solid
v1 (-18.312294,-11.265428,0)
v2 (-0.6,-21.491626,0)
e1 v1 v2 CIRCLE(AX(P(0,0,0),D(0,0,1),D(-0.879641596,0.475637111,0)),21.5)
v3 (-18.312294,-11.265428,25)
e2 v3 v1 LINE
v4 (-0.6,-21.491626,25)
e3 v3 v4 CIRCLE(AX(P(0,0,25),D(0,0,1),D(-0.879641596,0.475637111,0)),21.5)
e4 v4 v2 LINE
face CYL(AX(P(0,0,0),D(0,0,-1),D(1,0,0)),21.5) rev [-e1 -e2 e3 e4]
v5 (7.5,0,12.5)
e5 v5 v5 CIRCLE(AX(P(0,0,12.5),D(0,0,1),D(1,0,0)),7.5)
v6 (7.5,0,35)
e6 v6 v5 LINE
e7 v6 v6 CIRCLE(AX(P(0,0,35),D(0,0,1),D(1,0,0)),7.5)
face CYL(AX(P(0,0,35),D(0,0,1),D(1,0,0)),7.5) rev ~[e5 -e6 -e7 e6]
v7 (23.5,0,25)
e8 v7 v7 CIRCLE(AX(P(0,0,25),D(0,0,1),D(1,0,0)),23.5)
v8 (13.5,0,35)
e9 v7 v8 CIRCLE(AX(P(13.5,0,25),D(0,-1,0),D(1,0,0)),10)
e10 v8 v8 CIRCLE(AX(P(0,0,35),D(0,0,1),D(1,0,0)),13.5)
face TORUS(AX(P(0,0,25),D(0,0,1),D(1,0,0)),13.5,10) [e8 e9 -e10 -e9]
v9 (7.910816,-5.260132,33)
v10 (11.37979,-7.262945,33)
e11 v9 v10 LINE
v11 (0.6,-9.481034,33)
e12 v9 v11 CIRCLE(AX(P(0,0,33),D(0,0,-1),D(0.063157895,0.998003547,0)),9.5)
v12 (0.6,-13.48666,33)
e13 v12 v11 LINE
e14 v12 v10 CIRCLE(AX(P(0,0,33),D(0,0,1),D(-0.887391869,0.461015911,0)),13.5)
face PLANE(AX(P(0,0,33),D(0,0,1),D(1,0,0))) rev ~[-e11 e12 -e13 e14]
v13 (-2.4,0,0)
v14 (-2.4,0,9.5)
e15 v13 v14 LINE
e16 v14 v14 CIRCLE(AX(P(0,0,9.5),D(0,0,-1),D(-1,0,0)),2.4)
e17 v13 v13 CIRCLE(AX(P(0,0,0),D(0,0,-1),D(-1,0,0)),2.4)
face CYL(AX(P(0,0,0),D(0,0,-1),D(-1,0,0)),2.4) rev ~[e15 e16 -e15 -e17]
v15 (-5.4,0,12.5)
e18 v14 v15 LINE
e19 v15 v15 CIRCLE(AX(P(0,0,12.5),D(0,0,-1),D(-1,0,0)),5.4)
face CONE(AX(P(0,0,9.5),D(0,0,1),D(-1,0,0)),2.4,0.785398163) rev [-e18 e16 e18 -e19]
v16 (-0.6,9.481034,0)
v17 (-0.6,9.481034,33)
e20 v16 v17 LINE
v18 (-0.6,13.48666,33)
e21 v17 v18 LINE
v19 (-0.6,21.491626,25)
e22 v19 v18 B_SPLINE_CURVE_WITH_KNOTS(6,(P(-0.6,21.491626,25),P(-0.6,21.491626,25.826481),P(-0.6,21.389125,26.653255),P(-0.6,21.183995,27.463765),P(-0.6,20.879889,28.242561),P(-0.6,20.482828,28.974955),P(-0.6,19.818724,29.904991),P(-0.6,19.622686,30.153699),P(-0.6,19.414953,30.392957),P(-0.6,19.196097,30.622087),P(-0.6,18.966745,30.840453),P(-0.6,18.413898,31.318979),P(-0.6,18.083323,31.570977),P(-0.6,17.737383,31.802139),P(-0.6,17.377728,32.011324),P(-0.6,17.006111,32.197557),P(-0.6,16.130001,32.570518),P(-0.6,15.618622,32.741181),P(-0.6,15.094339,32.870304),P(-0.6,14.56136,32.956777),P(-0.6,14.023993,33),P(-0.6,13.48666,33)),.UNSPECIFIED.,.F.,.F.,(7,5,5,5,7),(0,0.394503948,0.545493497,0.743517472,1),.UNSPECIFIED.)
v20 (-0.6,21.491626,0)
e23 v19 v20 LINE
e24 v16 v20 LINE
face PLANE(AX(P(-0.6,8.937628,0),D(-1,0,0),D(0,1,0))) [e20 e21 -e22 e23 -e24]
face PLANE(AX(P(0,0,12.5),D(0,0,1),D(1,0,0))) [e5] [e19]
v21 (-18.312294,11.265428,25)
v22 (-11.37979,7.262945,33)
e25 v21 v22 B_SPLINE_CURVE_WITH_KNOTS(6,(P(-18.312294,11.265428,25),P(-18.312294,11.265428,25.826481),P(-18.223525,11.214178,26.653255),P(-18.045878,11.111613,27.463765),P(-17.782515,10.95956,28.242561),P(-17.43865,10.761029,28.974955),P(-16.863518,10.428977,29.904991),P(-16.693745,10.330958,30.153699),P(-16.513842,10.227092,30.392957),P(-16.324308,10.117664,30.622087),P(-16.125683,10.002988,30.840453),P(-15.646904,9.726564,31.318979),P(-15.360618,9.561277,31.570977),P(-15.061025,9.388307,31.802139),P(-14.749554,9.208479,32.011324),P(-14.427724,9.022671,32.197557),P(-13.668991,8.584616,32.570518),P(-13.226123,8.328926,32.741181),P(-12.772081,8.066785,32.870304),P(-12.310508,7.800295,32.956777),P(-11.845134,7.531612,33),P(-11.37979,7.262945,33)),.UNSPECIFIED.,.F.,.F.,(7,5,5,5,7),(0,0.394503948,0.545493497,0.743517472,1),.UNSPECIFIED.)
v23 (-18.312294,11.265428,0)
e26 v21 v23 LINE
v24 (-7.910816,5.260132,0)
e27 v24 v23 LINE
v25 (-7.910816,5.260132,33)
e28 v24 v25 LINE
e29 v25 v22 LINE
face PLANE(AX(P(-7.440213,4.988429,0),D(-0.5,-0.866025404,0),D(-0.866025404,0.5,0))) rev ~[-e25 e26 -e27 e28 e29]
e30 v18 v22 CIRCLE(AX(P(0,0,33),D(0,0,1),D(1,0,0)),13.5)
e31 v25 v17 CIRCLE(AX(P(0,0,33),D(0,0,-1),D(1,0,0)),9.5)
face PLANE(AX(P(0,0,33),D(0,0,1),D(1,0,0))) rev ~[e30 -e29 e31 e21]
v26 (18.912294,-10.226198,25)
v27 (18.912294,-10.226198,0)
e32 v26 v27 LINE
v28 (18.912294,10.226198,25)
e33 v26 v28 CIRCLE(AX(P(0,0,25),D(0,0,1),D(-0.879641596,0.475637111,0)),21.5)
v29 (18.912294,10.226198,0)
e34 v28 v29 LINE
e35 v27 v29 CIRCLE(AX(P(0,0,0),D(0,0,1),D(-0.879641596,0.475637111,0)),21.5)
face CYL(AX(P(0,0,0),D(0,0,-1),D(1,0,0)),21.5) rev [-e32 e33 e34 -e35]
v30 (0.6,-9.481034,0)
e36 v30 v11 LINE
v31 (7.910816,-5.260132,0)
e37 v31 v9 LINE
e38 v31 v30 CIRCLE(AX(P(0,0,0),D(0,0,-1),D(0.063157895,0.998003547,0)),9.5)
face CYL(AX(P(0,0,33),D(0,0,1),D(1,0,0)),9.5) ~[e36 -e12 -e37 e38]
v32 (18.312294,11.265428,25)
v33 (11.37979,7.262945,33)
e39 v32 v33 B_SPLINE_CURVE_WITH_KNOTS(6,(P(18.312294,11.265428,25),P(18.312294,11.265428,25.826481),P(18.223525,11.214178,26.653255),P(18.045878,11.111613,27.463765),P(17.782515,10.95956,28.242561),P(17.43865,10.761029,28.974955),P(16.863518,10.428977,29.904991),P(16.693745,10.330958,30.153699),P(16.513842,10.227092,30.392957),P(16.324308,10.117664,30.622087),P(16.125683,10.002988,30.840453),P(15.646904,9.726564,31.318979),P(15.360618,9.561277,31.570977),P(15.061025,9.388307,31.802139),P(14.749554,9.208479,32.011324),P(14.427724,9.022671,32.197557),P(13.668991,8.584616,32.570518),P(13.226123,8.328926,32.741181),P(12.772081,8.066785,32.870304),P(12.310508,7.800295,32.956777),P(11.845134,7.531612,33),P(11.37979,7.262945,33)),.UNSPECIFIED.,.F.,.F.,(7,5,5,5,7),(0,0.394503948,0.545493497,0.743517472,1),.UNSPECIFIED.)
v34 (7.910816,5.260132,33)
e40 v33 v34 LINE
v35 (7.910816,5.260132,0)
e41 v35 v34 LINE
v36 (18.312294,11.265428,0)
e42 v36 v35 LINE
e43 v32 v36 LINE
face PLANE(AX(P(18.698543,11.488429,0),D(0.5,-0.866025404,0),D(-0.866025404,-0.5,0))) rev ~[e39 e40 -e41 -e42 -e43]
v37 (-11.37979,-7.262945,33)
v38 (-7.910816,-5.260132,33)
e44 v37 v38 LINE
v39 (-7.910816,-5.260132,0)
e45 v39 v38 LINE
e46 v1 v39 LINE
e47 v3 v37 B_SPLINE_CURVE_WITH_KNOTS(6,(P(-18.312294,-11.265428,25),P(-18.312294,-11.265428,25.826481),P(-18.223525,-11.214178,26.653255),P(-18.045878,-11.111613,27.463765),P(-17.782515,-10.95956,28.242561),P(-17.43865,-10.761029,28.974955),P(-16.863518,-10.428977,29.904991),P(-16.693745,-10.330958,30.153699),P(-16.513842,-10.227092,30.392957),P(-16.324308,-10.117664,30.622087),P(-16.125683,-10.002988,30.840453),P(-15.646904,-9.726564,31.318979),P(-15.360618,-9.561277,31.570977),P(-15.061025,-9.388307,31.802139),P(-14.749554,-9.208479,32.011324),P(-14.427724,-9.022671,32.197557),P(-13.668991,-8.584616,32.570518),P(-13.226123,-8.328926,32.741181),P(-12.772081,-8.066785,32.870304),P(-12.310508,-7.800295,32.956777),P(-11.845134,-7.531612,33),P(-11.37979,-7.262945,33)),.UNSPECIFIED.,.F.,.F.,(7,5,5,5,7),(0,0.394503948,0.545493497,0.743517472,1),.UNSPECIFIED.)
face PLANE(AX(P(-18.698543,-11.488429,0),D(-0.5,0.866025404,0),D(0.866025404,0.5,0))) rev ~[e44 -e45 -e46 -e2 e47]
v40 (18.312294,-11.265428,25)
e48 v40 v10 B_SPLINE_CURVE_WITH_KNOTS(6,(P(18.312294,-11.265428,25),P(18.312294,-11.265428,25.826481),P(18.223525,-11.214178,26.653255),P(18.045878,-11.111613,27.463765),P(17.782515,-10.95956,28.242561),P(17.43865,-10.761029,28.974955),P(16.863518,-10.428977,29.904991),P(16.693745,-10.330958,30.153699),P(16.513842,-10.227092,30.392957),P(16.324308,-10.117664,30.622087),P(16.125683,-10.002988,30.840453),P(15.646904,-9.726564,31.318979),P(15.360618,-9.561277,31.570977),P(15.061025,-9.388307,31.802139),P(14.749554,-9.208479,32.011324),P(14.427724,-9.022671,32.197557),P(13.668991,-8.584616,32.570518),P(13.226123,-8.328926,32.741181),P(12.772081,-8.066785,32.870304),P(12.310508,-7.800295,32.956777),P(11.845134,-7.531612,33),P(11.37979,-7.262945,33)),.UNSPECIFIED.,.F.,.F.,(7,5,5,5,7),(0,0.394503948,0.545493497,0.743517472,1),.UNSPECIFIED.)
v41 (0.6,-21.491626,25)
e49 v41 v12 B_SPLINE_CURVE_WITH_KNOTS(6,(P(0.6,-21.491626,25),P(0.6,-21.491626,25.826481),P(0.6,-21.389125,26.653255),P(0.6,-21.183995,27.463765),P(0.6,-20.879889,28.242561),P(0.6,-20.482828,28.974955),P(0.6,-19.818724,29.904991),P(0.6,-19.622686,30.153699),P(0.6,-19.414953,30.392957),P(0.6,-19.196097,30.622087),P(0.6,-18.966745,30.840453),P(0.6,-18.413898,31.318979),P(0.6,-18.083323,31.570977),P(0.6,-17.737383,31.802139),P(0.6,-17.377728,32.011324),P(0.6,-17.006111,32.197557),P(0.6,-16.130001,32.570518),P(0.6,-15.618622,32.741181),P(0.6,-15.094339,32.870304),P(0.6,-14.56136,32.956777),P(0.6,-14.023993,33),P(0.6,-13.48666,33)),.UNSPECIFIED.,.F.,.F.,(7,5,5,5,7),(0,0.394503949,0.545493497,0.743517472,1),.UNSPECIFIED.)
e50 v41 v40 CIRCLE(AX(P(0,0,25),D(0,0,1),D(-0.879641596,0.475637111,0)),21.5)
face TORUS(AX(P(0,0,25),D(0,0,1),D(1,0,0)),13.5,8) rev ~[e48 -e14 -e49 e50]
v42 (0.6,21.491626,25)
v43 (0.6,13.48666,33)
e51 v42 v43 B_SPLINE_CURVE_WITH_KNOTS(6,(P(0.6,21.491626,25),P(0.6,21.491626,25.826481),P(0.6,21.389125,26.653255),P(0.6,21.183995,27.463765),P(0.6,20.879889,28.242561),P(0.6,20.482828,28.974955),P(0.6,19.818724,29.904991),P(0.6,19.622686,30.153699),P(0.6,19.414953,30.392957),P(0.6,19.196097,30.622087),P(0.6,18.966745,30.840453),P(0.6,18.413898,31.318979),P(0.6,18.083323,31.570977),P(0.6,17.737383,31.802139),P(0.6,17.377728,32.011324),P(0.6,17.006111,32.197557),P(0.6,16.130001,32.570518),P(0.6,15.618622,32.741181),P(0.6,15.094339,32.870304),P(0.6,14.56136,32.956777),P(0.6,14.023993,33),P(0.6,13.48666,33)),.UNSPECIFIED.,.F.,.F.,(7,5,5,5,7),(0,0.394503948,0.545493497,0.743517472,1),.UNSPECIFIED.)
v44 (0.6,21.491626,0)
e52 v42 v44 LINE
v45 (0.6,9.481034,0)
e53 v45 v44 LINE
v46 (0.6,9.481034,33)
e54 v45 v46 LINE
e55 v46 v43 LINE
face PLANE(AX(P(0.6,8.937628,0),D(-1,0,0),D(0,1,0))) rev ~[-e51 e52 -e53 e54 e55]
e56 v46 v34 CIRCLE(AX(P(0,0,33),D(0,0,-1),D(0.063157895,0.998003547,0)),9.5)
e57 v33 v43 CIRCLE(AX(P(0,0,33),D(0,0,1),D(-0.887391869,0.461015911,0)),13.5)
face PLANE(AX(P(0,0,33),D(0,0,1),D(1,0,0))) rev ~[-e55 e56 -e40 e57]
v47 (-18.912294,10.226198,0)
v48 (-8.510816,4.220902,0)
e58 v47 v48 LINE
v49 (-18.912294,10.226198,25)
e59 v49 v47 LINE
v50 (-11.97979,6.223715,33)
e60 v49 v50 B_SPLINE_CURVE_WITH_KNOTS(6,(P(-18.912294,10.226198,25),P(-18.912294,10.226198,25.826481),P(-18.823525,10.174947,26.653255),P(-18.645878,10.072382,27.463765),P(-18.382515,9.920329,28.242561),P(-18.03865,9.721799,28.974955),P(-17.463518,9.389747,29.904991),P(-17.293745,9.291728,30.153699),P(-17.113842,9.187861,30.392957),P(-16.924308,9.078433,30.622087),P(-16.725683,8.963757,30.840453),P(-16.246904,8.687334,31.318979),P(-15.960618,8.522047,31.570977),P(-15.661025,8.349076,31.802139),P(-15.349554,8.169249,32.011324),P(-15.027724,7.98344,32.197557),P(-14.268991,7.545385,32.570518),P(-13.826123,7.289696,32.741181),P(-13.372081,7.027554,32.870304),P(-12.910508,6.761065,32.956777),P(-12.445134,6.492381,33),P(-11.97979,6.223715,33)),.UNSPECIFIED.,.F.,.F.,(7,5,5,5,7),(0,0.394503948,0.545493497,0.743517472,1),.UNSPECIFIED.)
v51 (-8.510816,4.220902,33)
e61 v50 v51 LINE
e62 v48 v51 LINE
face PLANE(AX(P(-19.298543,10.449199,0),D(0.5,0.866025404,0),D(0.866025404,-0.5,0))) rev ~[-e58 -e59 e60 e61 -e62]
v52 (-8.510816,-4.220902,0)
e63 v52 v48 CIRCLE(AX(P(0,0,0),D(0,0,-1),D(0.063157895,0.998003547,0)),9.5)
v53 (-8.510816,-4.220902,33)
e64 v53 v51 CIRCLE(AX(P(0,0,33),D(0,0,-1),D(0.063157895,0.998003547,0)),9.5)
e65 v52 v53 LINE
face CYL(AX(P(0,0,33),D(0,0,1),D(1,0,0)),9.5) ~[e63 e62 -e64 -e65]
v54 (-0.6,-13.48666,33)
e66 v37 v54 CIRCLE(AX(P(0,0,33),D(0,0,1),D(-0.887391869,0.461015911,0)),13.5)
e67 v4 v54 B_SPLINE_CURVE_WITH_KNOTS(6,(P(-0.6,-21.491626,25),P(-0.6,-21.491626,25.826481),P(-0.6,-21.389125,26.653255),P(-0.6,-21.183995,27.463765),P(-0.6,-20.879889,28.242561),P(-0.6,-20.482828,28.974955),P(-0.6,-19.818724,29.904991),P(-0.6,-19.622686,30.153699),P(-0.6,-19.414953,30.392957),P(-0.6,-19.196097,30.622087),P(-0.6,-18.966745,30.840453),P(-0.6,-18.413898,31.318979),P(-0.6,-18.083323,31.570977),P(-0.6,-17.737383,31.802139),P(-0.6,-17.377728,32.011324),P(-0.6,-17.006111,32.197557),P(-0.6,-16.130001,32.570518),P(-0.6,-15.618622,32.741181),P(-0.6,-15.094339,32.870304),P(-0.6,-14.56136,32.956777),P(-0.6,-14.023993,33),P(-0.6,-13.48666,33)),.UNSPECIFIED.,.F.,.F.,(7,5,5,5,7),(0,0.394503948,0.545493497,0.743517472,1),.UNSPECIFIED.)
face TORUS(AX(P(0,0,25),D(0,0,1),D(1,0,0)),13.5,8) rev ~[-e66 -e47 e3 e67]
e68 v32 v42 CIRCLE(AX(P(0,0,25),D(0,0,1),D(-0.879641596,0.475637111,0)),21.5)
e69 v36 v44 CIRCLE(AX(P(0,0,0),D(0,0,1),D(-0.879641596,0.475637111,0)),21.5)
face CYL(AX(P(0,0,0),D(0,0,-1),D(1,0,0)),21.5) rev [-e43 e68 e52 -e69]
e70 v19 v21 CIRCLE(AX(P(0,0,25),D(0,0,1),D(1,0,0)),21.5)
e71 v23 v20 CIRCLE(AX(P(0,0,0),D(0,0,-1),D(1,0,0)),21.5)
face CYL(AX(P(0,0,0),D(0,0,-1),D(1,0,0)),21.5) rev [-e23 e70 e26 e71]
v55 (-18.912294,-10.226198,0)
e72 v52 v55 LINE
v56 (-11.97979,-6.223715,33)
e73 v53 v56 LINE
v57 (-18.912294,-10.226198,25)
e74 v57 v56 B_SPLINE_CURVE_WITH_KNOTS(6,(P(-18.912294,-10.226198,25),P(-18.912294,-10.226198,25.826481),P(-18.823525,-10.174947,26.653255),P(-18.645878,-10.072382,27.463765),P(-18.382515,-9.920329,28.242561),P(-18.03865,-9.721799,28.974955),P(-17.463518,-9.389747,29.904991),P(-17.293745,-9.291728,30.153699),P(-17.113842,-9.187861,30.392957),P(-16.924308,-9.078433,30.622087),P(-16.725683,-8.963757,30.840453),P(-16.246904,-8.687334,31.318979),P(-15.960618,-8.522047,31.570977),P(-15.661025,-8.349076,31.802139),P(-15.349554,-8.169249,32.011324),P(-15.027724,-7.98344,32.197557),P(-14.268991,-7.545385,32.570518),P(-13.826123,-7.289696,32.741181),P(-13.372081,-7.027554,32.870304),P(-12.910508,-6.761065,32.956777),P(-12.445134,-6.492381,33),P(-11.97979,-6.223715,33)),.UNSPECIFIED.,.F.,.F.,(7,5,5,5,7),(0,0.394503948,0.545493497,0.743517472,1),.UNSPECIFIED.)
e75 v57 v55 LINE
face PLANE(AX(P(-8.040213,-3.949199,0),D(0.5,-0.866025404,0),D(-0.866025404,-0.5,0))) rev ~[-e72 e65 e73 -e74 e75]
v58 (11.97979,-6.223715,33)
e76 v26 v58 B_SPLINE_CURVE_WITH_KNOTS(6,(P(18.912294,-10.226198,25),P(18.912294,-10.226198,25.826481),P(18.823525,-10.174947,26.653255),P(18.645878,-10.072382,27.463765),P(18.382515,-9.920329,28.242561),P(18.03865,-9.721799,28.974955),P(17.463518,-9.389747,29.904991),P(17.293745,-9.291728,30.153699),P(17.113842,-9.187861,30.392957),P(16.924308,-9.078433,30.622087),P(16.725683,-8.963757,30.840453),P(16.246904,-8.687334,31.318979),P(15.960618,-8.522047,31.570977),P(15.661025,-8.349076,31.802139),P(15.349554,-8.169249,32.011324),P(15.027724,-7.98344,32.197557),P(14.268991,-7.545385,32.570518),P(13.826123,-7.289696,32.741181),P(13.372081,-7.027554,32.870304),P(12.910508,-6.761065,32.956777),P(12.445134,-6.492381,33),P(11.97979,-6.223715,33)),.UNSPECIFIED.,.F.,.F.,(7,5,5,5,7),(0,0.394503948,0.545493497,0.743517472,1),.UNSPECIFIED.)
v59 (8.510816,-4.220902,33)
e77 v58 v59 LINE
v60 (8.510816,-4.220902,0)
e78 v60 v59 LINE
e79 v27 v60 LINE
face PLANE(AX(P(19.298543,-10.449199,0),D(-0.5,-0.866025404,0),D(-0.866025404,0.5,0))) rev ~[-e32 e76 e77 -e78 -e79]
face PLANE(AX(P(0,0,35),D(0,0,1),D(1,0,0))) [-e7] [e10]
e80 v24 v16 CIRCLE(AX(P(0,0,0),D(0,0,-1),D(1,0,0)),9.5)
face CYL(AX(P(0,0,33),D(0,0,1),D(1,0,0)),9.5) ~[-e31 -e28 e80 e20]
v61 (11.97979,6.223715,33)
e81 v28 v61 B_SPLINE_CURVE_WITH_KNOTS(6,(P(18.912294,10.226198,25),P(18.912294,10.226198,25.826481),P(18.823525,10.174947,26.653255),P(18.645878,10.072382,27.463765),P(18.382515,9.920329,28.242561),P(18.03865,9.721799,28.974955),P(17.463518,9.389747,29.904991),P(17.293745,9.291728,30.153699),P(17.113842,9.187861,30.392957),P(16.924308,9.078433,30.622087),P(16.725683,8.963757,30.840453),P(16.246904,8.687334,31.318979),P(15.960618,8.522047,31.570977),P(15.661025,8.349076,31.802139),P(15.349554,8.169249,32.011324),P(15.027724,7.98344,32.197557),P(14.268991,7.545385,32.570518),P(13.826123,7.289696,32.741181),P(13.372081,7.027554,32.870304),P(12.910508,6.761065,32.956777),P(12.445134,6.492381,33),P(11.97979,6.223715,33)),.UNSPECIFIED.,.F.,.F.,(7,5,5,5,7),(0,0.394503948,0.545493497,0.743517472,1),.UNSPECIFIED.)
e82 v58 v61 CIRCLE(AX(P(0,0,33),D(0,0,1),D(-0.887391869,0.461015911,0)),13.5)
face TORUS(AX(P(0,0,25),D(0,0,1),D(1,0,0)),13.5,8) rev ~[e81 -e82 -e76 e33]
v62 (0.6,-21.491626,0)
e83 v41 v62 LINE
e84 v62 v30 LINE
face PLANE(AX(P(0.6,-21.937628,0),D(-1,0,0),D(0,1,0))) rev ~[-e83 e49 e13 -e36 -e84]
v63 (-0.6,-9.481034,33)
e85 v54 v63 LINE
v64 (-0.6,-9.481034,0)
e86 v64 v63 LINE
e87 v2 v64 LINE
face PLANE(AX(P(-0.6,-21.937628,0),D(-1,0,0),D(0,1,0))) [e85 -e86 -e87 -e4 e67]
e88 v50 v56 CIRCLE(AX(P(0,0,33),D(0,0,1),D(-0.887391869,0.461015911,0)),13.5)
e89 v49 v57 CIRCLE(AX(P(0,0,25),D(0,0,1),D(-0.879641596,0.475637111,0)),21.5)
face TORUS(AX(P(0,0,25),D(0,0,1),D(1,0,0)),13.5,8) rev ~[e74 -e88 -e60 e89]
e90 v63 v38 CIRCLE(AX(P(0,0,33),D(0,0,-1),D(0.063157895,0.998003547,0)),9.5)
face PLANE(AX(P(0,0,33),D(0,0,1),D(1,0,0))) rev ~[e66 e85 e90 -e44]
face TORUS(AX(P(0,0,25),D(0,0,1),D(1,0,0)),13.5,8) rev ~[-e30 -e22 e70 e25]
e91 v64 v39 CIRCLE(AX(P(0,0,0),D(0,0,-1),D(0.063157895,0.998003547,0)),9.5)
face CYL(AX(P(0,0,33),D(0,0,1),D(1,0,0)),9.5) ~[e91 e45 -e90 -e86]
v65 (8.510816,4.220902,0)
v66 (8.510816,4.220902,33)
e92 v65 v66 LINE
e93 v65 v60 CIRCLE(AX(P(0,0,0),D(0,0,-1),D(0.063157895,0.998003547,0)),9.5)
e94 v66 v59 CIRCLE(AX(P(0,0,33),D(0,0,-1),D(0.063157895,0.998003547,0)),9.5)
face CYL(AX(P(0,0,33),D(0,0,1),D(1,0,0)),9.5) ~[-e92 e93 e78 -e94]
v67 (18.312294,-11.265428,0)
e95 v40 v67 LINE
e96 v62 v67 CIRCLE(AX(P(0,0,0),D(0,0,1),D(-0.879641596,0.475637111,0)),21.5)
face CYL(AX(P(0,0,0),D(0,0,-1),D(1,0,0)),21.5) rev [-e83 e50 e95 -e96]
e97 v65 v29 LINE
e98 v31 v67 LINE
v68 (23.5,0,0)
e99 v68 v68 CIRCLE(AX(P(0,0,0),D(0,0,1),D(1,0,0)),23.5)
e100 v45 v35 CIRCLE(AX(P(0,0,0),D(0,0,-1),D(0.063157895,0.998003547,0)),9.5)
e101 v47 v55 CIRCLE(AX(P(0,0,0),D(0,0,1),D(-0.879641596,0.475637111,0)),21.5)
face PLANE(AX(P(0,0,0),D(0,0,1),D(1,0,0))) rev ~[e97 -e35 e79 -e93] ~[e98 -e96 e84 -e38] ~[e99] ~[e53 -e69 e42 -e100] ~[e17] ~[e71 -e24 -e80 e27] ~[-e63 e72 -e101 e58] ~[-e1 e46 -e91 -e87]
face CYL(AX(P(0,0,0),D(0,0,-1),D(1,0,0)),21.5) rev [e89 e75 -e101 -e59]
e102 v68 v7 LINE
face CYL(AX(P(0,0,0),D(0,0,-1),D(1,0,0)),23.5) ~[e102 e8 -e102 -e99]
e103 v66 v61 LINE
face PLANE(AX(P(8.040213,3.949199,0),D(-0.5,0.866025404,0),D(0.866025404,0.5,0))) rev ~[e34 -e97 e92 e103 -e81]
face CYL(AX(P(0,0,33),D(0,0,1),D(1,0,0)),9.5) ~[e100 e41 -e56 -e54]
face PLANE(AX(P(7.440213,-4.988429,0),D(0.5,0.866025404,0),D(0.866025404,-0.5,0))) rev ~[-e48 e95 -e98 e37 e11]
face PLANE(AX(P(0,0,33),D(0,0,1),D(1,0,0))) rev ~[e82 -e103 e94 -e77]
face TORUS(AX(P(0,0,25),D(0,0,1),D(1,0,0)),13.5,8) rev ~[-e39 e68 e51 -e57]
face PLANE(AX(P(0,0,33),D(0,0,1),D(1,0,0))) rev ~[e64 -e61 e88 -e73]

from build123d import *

# Parameters (mm, degrees)
SKETCH_2_R          = 23.5
EXTRUDE_1_DEPTH     = 35
FILLET_3_R          = 10
SHELL_2_T           = -2
SKETCH_5_R          = 9.5
EXTRUDE_2_DEPTH     = 33
SKETCH_6_R          = 2.4
CUT_EXTRUDE_1_DEPTH = 49.264894074
EXTRUDE_3_REACH     = 50.265
SKETCH_7_W          = 1.2
SKETCH_7_H          = 13
SKETCH_8_R          = 7.5
CUT_EXTRUDE_2_DEPTH = 22.5
CHAMFER_1_SIZE      = 3


with BuildPart() as part:
    # Эскиз2 → Бобышка-Вытянуть1 (new body)
    with BuildSketch(Plane.XY):
        Circle(SKETCH_2_R)
    extrude(amount=EXTRUDE_1_DEPTH)

    # Скругление3
    fillet_3_edges = [part.edges().sort_by_distance(p)[0] for p in [
        (-23.5, 0, 35),
    ]]
    fillet(fillet_3_edges, radius=FILLET_3_R)

    # Оболочка2
    shell_2_openings = [part.faces().sort_by_distance(p)[0] for p in [
        (0, 0, 0),
    ]]
    offset(amount=SHELL_2_T, openings=shell_2_openings, kind=Kind.INTERSECTION)

    # Эскиз5 → Бобышка-Вытянуть2 (add)
    with BuildSketch(Plane(origin=(0, 0, 33), x_dir=(-1, 0, 0), z_dir=(0, 0, -1))):
        with Locations(Location((0, 0, 0), (0, 0, 180))):
            Circle(SKETCH_5_R)
    extrude(amount=EXTRUDE_2_DEPTH)

    # Эскиз6 → Вырез-Вытянуть1 (cut, through all)
    with BuildSketch(Plane(origin=(0, 0, 0), x_dir=(-1, 0, 0), z_dir=(0, 0, -1))):
        Circle(SKETCH_6_R)
    extrude(amount=-CUT_EXTRUDE_1_DEPTH, mode=Mode.SUBTRACT)

    # Эскиз7 → Бобышка-Вытянуть3 (add, up to next)
    with BuildSketch(Plane(origin=(0, 0, 0), x_dir=(-1, 0, 0), z_dir=(0, 0, -1)), mode=Mode.PRIVATE) as extrude_3_sk1:
        with Locations((0, 15.437627965)):
            Rectangle(SKETCH_7_W, SKETCH_7_H)
    extrude_3_tool1 = extrude(extrude_3_sk1.sketch, amount=-EXTRUDE_3_REACH, mode=Mode.PRIVATE) - part.part
    # Эскиз7 → Бобышка-Вытянуть3 (add, up to next)
    with BuildSketch(Plane(origin=(0, 0, 0), x_dir=(-1, 0, 0), z_dir=(0, 0, -1)), mode=Mode.PRIVATE) as extrude_3_sk2:
        Polygon((7.440212867, 4.988429225), (18.698543116, 11.488429225), (19.298543116, 10.44919874), (8.040212867, 3.94919874), align=None)
    extrude_3_tool2 = extrude(extrude_3_sk2.sketch, amount=-EXTRUDE_3_REACH, mode=Mode.PRIVATE) - part.part
    # Эскиз7 → Бобышка-Вытянуть3 (add, up to next)
    with BuildSketch(Plane(origin=(0, 0, 0), x_dir=(-1, 0, 0), z_dir=(0, 0, -1)), mode=Mode.PRIVATE) as extrude_3_sk3:
        Polygon((8.040212867, -3.94919874), (19.298543117, -10.44919874), (18.698543117, -11.488429225), (7.440212867, -4.988429225), align=None)
    extrude_3_tool3 = extrude(extrude_3_sk3.sketch, amount=-EXTRUDE_3_REACH, mode=Mode.PRIVATE) - part.part
    # Эскиз7 → Бобышка-Вытянуть3 (add, up to next)
    with BuildSketch(Plane(origin=(0, 0, 0), x_dir=(-1, 0, 0), z_dir=(0, 0, -1)), mode=Mode.PRIVATE) as extrude_3_sk4:
        with Locations((0, -15.437627965)):
            Rectangle(SKETCH_7_W, SKETCH_7_H)
    extrude_3_tool4 = extrude(extrude_3_sk4.sketch, amount=-EXTRUDE_3_REACH, mode=Mode.PRIVATE) - part.part
    # Эскиз7 → Бобышка-Вытянуть3 (add, up to next)
    with BuildSketch(Plane(origin=(0, 0, 0), x_dir=(-1, 0, 0), z_dir=(0, 0, -1)), mode=Mode.PRIVATE) as extrude_3_sk5:
        Polygon((-7.440212867, -4.988429225), (-18.698543116, -11.488429225), (-19.298543116, -10.44919874), (-8.040212867, -3.94919874), align=None)
    extrude_3_tool5 = extrude(extrude_3_sk5.sketch, amount=-EXTRUDE_3_REACH, mode=Mode.PRIVATE) - part.part
    # Эскиз7 → Бобышка-Вытянуть3 (add, up to next)
    with BuildSketch(Plane(origin=(0, 0, 0), x_dir=(-1, 0, 0), z_dir=(0, 0, -1)), mode=Mode.PRIVATE) as extrude_3_sk6:
        Polygon((-8.040212867, 3.94919874), (-19.298543116, 10.44919874), (-18.698543116, 11.488429225), (-7.440212867, 4.988429225), align=None)
    extrude_3_tool6 = extrude(extrude_3_sk6.sketch, amount=-EXTRUDE_3_REACH, mode=Mode.PRIVATE) - part.part
    add(extrude_3_tool1.solids().sort_by_distance((0, 15.437628, 0))[0])
    add(extrude_3_tool2.solids().sort_by_distance((-13.369378, 7.718814, 0))[0])
    add(extrude_3_tool3.solids().sort_by_distance((-13.369378, -7.718814, 0))[0])
    add(extrude_3_tool4.solids().sort_by_distance((0, -15.437628, 0))[0])
    add(extrude_3_tool5.solids().sort_by_distance((13.369378, -7.718814, 0))[0])
    add(extrude_3_tool6.solids().sort_by_distance((13.369378, 7.718814, 0))[0])

    # Эскиз8 → Вырез-Вытянуть2 (cut)
    with BuildSketch(Plane.XY.offset(35)):
        Circle(SKETCH_8_R)
    extrude(amount=-CUT_EXTRUDE_2_DEPTH, mode=Mode.SUBTRACT)

    # Фаска1
    chamfer_1_edges = [part.edges().sort_by_distance(p)[0] for p in [
        (2.4, 0, 12.5),
    ]]
    chamfer(chamfer_1_edges, length=CHAMFER_1_SIZE)


solid = part.part
